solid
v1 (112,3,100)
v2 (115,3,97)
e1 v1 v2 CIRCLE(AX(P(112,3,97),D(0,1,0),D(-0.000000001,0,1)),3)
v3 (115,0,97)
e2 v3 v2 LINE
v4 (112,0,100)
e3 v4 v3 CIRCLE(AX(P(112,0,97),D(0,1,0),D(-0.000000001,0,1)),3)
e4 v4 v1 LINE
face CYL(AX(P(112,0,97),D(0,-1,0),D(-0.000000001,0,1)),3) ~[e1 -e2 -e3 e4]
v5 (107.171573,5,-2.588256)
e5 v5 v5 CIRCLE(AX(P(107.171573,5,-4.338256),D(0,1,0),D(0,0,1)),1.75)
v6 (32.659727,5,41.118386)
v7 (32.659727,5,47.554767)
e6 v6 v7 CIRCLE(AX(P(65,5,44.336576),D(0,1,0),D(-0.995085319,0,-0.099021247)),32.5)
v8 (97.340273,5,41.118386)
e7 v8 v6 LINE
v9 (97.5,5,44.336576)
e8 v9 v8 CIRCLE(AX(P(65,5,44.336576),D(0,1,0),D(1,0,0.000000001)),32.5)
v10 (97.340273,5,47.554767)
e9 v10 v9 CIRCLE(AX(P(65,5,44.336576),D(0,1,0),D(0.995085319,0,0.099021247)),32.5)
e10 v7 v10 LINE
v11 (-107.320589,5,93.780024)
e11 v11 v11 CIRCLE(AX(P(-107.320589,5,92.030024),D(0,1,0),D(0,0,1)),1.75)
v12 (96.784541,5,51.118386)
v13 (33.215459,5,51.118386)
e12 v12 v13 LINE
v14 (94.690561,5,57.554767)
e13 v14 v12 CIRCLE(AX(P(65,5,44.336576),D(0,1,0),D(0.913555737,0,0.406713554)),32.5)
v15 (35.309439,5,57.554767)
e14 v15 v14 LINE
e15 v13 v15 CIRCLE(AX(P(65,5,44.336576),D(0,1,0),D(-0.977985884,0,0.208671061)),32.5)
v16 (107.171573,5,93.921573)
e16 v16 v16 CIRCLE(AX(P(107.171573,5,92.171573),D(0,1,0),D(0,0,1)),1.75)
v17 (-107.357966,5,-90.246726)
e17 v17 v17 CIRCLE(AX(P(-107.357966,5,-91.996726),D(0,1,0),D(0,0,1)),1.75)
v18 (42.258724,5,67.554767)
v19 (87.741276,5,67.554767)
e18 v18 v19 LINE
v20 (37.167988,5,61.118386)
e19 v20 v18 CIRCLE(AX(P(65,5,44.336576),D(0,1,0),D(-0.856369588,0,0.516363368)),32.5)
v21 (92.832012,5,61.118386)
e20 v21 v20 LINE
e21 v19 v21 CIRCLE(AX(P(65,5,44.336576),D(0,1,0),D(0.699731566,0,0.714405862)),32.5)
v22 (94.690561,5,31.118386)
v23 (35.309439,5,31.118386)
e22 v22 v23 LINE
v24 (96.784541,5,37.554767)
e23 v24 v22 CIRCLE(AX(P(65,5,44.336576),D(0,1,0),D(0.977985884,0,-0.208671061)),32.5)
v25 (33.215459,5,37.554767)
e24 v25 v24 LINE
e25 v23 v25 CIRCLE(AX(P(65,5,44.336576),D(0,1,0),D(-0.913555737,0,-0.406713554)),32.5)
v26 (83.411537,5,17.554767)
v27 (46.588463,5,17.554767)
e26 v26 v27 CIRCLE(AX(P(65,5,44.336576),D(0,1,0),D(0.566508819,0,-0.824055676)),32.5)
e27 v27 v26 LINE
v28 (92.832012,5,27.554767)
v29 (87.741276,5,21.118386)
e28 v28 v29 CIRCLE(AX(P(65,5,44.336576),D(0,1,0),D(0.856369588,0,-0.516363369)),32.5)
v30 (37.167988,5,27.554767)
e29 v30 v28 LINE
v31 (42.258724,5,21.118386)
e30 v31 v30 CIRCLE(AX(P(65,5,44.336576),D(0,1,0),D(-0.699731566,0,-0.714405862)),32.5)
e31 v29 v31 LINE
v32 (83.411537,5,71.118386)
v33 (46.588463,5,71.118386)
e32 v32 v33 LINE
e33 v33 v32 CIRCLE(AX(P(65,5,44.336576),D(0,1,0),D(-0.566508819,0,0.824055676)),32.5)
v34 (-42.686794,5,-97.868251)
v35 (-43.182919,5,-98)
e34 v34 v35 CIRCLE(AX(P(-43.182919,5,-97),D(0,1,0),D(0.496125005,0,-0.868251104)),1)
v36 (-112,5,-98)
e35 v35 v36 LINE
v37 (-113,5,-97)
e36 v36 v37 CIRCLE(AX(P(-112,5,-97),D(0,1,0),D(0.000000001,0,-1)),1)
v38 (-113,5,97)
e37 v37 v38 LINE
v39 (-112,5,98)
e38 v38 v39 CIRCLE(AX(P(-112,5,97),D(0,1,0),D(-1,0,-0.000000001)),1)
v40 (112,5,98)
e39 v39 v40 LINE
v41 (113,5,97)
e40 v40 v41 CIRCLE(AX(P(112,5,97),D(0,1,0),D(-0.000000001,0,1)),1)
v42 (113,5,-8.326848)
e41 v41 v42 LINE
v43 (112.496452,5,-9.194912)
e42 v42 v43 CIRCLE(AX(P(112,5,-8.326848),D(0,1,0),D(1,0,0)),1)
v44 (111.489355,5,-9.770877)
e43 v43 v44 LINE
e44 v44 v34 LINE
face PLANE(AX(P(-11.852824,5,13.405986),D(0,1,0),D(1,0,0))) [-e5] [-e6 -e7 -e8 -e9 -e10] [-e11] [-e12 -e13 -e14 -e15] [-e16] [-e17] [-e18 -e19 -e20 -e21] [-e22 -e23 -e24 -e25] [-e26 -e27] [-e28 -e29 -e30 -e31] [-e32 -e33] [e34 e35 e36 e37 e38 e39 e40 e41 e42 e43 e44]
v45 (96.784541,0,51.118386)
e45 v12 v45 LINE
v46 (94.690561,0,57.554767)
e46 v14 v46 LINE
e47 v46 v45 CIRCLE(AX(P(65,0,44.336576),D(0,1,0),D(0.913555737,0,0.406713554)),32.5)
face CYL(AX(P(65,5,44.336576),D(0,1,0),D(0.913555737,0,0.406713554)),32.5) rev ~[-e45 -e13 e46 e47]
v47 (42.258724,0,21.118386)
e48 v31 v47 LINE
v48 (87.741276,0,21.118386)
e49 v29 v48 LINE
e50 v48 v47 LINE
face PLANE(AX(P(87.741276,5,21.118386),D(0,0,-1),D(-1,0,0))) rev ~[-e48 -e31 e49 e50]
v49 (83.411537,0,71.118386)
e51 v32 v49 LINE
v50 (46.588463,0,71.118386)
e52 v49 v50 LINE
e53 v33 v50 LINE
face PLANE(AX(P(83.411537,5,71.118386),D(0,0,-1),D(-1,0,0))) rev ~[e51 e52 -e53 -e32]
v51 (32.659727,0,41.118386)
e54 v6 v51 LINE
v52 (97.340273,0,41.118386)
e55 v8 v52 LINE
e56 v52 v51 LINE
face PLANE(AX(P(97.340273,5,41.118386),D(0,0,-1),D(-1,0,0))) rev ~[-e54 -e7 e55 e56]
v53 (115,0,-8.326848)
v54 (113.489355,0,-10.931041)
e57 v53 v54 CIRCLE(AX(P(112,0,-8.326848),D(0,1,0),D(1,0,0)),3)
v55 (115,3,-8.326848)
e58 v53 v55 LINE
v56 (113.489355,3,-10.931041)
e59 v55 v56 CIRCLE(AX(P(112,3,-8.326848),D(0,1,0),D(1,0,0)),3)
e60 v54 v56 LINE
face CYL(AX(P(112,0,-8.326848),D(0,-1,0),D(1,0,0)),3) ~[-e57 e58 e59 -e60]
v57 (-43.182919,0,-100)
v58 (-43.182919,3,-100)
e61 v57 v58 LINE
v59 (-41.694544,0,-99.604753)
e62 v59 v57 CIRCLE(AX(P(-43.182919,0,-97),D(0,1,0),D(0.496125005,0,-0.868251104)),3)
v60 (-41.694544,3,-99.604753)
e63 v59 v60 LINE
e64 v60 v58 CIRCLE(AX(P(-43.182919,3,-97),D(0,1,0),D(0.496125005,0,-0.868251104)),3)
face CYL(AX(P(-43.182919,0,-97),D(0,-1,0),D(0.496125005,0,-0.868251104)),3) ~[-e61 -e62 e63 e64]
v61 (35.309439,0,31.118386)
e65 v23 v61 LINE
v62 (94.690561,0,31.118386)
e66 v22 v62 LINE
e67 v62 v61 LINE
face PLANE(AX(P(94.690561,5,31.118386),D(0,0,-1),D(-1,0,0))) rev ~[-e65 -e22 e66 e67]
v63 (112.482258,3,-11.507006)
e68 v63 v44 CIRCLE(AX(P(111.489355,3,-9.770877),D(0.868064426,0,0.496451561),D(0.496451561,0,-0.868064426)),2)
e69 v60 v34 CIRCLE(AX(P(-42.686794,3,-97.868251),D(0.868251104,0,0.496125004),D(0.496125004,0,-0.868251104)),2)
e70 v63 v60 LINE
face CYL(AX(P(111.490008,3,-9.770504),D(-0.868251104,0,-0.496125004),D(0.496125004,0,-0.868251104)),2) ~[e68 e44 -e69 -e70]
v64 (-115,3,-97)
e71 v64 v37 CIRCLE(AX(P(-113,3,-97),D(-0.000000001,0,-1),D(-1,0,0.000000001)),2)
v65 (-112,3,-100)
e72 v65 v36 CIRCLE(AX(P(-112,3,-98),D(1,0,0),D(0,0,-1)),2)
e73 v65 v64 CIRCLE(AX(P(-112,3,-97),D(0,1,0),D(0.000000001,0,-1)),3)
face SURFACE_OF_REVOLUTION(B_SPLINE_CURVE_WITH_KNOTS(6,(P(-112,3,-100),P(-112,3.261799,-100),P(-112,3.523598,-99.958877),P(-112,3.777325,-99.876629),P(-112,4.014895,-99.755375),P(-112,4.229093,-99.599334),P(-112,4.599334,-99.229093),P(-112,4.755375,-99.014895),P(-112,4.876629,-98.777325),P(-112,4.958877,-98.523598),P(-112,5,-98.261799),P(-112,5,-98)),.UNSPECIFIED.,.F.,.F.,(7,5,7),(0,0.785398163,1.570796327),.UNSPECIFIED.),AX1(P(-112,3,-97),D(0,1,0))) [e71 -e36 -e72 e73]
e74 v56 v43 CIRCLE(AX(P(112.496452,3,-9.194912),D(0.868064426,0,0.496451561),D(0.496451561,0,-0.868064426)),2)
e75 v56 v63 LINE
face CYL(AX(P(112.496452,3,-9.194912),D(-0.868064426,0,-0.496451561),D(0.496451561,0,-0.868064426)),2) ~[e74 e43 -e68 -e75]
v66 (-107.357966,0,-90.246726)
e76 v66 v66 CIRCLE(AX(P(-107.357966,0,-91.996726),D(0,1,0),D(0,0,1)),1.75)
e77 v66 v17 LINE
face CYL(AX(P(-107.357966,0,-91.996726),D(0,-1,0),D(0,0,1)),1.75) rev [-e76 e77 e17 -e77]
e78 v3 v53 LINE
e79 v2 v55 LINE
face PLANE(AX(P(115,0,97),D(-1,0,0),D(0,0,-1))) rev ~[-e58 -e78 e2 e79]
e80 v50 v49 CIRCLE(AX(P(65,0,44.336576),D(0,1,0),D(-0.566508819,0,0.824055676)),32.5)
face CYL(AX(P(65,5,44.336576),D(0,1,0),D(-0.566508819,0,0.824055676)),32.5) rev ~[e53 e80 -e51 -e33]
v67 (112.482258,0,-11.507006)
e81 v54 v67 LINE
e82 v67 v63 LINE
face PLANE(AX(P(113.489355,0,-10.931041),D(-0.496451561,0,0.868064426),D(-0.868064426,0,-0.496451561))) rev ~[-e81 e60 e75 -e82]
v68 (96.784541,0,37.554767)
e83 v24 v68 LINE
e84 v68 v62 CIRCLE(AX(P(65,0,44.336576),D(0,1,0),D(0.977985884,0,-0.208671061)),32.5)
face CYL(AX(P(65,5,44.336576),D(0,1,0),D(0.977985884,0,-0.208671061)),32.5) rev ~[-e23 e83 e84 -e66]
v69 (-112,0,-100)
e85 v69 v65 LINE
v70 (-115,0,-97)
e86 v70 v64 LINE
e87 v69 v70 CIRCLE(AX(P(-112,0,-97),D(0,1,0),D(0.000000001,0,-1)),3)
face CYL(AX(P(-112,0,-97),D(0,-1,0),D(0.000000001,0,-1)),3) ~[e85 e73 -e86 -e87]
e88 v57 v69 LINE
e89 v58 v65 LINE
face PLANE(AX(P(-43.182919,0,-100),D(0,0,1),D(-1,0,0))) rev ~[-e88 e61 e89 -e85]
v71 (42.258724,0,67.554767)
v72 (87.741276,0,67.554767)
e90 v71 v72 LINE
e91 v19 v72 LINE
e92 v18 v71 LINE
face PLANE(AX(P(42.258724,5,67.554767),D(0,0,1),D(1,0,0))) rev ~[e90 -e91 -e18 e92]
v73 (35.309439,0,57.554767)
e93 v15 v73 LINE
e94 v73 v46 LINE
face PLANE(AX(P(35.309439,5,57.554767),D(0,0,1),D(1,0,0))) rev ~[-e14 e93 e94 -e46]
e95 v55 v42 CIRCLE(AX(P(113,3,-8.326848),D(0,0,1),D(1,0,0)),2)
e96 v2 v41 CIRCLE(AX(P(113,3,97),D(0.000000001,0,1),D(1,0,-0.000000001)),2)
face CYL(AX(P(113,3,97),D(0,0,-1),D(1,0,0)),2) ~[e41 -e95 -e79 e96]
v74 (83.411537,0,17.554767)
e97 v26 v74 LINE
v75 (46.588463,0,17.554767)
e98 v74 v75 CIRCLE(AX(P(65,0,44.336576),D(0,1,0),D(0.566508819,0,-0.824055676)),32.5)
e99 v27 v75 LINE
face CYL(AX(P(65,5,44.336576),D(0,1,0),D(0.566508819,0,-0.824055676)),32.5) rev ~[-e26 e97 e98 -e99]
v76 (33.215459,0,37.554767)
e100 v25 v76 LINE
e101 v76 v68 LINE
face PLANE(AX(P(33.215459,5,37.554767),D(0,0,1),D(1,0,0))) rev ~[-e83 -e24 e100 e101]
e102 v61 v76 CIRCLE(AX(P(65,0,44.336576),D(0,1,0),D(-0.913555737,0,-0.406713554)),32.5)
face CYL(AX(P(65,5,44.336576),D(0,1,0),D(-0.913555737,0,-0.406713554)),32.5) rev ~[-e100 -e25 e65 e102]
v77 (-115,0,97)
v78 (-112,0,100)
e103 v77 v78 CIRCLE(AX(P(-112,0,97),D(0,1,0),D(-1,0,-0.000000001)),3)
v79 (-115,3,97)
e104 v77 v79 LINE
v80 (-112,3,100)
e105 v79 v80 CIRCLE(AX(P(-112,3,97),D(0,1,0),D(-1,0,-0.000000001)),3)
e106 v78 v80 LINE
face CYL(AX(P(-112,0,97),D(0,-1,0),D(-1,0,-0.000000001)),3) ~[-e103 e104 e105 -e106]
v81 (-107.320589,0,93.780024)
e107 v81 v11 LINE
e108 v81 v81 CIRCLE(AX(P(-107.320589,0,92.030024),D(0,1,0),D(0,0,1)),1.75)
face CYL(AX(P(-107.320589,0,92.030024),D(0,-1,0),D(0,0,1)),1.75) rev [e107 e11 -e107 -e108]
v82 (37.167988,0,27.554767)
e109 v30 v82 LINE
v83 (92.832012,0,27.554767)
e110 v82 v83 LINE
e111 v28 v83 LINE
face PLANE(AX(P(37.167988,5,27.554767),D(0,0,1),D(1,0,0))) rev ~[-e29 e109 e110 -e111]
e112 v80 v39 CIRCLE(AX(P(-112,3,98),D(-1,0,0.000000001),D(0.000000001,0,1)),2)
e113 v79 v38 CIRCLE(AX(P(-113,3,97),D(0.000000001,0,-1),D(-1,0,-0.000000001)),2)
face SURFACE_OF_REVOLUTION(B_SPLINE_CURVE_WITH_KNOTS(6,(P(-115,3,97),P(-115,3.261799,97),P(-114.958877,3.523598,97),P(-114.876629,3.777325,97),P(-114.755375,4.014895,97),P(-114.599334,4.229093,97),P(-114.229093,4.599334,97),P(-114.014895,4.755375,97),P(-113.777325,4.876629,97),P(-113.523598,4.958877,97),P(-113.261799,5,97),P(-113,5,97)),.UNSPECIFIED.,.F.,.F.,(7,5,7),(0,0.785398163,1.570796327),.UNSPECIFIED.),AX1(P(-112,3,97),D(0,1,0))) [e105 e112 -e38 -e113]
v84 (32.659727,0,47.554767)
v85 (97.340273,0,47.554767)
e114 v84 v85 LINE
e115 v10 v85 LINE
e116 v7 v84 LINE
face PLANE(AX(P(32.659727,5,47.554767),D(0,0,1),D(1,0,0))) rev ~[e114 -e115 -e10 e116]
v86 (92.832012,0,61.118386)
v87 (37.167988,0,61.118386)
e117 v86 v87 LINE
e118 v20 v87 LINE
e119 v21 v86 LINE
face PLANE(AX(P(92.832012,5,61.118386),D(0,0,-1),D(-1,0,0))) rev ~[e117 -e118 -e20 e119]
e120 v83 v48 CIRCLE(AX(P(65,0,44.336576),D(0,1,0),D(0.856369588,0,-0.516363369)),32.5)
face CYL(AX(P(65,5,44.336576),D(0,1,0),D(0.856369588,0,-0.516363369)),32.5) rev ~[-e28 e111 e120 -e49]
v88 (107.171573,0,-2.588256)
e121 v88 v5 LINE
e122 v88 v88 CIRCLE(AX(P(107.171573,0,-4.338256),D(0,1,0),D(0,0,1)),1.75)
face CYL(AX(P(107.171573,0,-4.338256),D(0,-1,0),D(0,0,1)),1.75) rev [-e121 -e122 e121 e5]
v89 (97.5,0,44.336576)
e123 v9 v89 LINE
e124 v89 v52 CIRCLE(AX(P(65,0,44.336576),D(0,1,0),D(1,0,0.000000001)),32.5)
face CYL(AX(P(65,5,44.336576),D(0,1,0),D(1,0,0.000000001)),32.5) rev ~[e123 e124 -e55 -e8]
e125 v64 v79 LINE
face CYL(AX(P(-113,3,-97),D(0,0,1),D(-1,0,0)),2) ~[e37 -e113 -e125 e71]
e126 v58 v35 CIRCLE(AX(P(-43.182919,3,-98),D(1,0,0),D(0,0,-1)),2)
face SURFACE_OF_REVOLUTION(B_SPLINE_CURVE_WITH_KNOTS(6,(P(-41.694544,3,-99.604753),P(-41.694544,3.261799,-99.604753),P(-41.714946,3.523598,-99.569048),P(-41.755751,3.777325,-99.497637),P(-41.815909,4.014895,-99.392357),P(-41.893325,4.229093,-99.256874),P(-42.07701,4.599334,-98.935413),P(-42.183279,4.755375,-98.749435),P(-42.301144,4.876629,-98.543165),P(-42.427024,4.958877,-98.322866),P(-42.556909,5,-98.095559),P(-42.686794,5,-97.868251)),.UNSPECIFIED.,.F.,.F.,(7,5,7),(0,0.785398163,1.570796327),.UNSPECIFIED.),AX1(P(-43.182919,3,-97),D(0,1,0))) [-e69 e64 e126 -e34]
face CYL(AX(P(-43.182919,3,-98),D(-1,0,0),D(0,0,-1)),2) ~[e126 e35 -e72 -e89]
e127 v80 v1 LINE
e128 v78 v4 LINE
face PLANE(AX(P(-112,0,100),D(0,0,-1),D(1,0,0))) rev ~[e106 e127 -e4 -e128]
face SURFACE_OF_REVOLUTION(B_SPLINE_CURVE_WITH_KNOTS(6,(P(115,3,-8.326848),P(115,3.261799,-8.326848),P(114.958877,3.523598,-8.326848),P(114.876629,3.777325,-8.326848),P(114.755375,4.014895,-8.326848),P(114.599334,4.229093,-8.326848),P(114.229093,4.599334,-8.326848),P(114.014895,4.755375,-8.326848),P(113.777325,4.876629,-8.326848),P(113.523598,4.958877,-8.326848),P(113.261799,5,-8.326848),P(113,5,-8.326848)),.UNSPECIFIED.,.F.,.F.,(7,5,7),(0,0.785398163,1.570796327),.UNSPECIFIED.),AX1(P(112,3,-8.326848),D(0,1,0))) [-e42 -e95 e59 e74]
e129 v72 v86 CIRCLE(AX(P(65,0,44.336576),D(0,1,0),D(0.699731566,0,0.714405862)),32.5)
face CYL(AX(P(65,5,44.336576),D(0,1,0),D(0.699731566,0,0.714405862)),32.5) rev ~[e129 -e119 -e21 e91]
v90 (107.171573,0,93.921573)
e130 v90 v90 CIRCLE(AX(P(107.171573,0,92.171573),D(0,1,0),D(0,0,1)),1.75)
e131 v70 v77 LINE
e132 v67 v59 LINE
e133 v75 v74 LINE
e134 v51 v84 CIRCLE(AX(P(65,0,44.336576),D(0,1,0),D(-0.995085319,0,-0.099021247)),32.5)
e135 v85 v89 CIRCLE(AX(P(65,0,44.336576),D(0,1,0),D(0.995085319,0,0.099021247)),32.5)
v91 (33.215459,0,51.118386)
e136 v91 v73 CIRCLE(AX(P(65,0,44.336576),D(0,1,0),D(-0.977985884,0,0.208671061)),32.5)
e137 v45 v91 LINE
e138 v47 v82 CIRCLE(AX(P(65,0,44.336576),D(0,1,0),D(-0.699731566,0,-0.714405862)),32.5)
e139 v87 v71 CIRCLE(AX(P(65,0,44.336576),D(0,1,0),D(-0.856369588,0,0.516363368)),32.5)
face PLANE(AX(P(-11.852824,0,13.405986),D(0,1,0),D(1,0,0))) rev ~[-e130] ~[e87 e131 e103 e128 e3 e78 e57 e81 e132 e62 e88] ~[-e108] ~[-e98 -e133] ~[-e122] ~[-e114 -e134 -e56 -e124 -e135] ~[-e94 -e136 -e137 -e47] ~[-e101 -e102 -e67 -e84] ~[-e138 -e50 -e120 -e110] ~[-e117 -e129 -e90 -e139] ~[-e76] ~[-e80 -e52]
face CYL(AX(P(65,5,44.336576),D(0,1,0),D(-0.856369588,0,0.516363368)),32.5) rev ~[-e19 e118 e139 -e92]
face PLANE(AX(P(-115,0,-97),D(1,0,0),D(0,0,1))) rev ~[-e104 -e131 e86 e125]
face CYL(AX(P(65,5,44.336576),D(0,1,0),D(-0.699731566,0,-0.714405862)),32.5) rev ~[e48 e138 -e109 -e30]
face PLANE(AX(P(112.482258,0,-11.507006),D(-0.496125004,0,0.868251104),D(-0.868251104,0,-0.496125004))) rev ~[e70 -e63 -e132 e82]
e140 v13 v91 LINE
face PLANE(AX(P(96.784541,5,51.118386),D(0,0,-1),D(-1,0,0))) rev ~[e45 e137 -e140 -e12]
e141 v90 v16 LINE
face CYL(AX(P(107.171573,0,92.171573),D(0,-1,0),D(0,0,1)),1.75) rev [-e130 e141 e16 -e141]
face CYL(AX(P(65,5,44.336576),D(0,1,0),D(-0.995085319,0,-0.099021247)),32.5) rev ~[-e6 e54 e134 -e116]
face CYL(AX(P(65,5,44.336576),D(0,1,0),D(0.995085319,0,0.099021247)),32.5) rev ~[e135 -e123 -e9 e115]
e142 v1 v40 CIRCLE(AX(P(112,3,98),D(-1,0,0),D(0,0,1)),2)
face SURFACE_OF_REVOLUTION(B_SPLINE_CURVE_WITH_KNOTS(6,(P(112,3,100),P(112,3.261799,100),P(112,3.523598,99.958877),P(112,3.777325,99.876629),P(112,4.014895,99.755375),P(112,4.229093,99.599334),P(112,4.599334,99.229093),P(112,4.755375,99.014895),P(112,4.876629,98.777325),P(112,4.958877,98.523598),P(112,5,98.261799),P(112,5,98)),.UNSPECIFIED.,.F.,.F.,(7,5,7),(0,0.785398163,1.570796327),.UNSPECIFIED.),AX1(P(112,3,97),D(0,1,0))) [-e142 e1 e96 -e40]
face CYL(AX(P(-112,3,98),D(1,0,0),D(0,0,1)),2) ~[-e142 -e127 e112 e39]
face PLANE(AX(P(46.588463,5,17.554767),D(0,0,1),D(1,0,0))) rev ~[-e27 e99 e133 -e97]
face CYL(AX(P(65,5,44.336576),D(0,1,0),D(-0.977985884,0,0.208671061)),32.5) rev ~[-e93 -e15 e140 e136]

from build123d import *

# Parameters (mm, degrees)
SKETCH1_R           = 1.75
BOSS_EXTRUDE1_DEPTH = 5
CUT_EXTRUDE1_DEPTH  = 5
FILLET2_R           = 2


with BuildPart() as part:
    # Sketch1 → Boss-Extrude1 (new body)
    with BuildSketch(Plane(origin=(0, 0, 0), x_dir=(1, 0, 0), z_dir=(0, 1, 0))):
        with BuildLine():
            Line((-115, 97), (-115, -97))
            ThreePointArc((-115, -97), (-114.121320344, -99.121320344), (-112, -100))
            Line((-112, -100), (112, -100))
            ThreePointArc((112, -100), (114.121320344, -99.121320344), (115, -97))
            Line((115, -97), (115, 8.326847539))
            ThreePointArc((115, 8.326847539), (114.595001354, 9.832160786), (113.489354684, 10.931040816))
            Line((113.489354684, 10.931040816), (112.482257806, 11.50700592))
            Line((112.482257806, 11.50700592), (-41.694544071, 99.604753313))
            ThreePointArc((-41.694544071, 99.604753313), (-42.412938544, 99.899505125), (-43.182919083, 100))
            Line((-43.182919083, 100), (-112, 100))
            ThreePointArc((-112, 100), (-114.121320344, 99.121320344), (-115, 97))
        make_face()
        with Locations(Location((-107.357965586, 91.996726093, 0), (0, 0, 270))):
            Circle(SKETCH1_R, mode=Mode.SUBTRACT)
        with Locations(Location((107.171572875, 4.338256462, 0), (0, 0, 270))):
            Circle(SKETCH1_R, mode=Mode.SUBTRACT)
        with Locations(Location((107.171572875, -92.171572875, 0), (0, 0, 270))):
            Circle(SKETCH1_R, mode=Mode.SUBTRACT)
        with Locations(Location((-107.320588757, -92.030024345, 0), (0, 0, 270))):
            Circle(SKETCH1_R, mode=Mode.SUBTRACT)
    extrude(amount=BOSS_EXTRUDE1_DEPTH)

    # Sketch2 → Cut-Extrude1 (cut)
    with BuildSketch(Plane(origin=(0, 5, 0), x_dir=(1, 0, 0), z_dir=(0, 1, 0))):
        with BuildLine():
            ThreePointArc((83.411536631, -17.554766753), (65, -11.836576231), (46.588463369, -17.554766753))
            Line((46.588463369, -17.554766753), (83.411536631, -17.554766753))
        make_face()
        with BuildLine():
            ThreePointArc((42.258724115, -21.118385708), (39.509391878, -24.17525441), (37.167988383, -27.554766753))
            Line((37.167988383, -27.554766753), (92.832011617, -27.554766753))
            ThreePointArc((92.832011617, -27.554766753), (90.490608122, -24.17525441), (87.741275885, -21.118385708))
            Line((87.741275885, -21.118385708), (42.258724115, -21.118385708))
        make_face()
        with BuildLine():
            Line((94.690561452, -31.118385708), (35.309438548, -31.118385708))
            ThreePointArc((35.309438548, -31.118385708), (34.094437197, -34.281916226), (33.215458786, -37.554766753))
            Line((33.215458786, -37.554766753), (96.784541214, -37.554766753))
            ThreePointArc((96.784541214, -37.554766753), (95.905562803, -34.281916226), (94.690561452, -31.118385708))
        make_face()
        with BuildLine():
            Line((97.340272877, -41.118385708), (32.659727123, -41.118385708))
            ThreePointArc((32.659727123, -41.118385708), (32.5, -44.336576231), (32.659727123, -47.554766753))
            Line((32.659727123, -47.554766753), (97.340272877, -47.554766753))
            ThreePointArc((97.340272877, -47.554766753), (97.460043658, -45.94765219), (97.5, -44.336576231))
            ThreePointArc((97.5, -44.336576231), (97.460043658, -42.725500271), (97.340272877, -41.118385708))
        make_face()
        with BuildLine():
            Line((96.784541214, -51.118385708), (33.215458786, -51.118385708))
            ThreePointArc((33.215458786, -51.118385708), (34.094437197, -54.391236236), (35.309438548, -57.554766753))
            Line((35.309438548, -57.554766753), (94.690561452, -57.554766753))
            ThreePointArc((94.690561452, -57.554766753), (95.905562803, -54.391236236), (96.784541214, -51.118385708))
        make_face()
        with BuildLine():
            Line((92.832011617, -61.118385708), (37.167988383, -61.118385708))
            ThreePointArc((37.167988383, -61.118385708), (39.509391878, -64.497898052), (42.258724115, -67.554766753))
            Line((42.258724115, -67.554766753), (87.741275885, -67.554766753))
            ThreePointArc((87.741275885, -67.554766753), (90.490608122, -64.497898052), (92.832011617, -61.118385708))
        make_face()
        with BuildLine():
            Line((83.411536631, -71.118385708), (46.588463369, -71.118385708))
            ThreePointArc((46.588463369, -71.118385708), (65, -76.836576231), (83.411536631, -71.118385708))
        make_face()
    extrude(amount=-CUT_EXTRUDE1_DEPTH, mode=Mode.SUBTRACT)

    # Fillet2
    fillet2_edges = [part.edges().sort_by_distance(p)[0] for p in [
        (-114.121320344, 5, 99.121320344),
        (0, 5, 100),
        (114.121320344, 5, 99.121320344),
        (115, 5, 44.336576231),
        (114.595001354, 5, -9.832160786),
        (112.985806245, 5, -11.219023368),
        (35.393856868, 5, -55.555879616),
        (-42.412938544, 5, -99.899505125),
        (-77.591459542, 5, -100),
        (-114.121320344, 5, -99.121320344),
        (-115, 5, 0),
    ]]
    fillet(fillet2_edges, radius=FILLET2_R)


solid = part.part
